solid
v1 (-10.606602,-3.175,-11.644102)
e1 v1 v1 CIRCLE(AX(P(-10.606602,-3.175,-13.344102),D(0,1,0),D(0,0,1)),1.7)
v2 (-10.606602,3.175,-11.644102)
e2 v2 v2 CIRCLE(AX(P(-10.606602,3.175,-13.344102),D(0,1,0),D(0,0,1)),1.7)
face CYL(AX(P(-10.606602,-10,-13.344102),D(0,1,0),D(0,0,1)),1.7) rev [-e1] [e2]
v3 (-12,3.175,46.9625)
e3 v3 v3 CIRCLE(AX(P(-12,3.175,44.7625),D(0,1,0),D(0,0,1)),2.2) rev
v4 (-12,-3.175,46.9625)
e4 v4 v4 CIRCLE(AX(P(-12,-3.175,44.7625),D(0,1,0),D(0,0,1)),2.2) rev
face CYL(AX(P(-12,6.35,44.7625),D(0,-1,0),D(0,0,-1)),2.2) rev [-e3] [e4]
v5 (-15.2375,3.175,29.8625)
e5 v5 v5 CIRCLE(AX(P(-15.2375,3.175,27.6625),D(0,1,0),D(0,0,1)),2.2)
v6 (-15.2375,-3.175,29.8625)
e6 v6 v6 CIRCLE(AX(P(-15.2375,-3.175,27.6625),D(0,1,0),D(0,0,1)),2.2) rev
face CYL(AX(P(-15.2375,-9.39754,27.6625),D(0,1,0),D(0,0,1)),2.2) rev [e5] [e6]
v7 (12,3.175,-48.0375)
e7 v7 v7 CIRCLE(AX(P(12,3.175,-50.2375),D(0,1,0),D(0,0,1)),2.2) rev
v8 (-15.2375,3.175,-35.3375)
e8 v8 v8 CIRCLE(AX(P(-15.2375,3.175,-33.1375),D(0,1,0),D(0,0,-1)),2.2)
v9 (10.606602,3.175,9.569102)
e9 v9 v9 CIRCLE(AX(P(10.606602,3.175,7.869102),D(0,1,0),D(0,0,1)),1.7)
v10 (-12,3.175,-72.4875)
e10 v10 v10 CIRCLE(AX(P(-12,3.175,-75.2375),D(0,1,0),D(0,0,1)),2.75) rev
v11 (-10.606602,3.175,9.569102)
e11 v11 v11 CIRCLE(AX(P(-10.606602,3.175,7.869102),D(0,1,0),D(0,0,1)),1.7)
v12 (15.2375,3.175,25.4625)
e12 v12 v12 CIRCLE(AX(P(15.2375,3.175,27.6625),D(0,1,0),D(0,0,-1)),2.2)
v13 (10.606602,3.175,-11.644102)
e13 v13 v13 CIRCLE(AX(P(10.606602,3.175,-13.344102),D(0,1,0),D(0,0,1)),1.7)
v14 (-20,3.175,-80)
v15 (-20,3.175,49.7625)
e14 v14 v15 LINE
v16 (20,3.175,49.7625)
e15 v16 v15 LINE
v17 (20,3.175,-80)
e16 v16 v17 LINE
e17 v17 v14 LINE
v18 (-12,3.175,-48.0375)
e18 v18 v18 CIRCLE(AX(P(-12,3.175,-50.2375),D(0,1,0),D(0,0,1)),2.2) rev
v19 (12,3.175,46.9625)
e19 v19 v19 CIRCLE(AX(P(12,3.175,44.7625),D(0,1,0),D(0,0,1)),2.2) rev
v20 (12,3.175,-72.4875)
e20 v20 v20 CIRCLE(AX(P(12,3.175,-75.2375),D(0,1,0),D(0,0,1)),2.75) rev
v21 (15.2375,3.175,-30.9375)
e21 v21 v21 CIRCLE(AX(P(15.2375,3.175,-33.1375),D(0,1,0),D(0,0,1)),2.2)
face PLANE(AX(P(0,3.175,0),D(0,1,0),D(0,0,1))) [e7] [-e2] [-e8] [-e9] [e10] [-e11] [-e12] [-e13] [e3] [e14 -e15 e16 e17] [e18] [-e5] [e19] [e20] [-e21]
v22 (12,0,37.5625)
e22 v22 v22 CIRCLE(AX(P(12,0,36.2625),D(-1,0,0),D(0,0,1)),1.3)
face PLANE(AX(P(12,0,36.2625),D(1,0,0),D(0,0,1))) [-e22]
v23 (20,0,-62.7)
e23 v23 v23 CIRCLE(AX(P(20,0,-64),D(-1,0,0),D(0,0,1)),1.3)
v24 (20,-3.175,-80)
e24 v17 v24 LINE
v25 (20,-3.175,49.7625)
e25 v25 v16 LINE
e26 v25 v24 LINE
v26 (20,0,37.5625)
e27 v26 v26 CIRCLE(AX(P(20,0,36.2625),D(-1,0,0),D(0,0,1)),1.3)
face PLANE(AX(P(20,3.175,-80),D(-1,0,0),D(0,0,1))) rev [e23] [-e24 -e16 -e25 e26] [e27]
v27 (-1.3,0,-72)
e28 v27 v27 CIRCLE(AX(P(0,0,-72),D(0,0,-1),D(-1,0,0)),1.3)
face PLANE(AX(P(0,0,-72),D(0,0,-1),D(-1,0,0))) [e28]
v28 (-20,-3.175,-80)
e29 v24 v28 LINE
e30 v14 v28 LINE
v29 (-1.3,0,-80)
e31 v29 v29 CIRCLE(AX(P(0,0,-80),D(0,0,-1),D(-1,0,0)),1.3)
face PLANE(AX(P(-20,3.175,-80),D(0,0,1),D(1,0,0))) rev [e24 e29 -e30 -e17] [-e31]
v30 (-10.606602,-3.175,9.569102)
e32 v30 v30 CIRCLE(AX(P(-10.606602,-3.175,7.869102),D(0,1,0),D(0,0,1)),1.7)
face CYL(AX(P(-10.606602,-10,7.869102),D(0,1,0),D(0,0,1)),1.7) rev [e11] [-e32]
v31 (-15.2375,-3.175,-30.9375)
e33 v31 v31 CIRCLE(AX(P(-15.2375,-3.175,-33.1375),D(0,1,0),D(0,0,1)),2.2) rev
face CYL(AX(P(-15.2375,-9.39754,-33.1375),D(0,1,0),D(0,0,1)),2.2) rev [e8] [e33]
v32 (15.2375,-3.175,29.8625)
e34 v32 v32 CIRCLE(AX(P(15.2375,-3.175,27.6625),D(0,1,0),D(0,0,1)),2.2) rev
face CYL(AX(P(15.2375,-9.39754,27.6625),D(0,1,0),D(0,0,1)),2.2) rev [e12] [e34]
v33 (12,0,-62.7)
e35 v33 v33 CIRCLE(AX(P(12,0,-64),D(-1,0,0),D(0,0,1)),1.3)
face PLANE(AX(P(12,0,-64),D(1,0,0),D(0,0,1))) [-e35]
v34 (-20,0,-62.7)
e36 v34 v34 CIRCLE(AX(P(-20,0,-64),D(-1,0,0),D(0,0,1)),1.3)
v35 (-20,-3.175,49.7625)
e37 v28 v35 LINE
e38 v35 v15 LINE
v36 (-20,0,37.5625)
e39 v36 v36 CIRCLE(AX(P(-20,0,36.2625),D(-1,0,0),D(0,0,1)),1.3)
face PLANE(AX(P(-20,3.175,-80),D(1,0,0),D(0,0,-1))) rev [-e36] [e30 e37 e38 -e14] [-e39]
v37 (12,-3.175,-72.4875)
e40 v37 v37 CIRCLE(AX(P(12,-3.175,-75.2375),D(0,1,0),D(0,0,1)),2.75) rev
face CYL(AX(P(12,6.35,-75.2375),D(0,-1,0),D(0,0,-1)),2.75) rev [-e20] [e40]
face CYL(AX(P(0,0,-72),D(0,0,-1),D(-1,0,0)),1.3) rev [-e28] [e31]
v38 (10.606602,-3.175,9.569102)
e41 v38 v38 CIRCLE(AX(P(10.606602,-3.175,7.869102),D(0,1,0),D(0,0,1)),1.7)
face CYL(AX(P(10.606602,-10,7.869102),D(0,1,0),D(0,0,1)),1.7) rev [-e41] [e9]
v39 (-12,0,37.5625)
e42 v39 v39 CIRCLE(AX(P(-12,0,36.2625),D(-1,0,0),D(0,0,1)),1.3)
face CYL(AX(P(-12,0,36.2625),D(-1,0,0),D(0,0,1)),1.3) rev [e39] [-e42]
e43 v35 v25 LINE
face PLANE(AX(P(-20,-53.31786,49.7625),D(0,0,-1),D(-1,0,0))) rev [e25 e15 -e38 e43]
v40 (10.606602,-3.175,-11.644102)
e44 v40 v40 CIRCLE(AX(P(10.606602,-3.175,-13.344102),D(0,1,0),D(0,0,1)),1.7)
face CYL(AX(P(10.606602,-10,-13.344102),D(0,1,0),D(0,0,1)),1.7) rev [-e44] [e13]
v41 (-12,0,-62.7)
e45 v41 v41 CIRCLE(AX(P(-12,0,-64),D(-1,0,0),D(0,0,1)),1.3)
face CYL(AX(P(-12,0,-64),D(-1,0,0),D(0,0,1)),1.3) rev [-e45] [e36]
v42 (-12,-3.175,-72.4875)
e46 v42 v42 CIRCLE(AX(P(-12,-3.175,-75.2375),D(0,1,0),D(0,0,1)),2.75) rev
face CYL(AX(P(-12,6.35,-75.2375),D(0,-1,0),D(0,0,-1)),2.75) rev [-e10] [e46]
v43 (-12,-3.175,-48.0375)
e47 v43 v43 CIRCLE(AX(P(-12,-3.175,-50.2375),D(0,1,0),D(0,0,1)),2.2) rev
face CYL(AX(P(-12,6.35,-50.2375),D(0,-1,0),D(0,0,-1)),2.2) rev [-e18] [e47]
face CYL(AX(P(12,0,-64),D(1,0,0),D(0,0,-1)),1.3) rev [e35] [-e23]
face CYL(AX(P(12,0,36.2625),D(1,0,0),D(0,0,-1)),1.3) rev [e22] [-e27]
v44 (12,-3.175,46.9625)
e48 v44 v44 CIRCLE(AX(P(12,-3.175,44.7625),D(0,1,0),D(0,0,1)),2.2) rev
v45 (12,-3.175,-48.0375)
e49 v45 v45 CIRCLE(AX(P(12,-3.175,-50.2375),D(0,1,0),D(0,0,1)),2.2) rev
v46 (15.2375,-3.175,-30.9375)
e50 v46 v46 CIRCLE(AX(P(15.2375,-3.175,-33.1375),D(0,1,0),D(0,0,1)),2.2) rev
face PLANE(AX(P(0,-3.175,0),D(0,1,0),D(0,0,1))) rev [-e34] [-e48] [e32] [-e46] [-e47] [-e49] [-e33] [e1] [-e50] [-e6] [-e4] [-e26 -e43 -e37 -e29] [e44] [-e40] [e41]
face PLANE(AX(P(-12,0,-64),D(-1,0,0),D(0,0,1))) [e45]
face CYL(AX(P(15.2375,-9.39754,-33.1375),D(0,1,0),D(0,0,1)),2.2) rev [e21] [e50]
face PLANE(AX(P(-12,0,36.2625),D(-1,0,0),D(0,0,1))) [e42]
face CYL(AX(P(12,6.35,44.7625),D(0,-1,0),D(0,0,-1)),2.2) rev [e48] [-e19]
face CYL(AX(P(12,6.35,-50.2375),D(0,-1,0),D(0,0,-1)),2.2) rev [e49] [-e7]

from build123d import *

# Parameters (mm, degrees)
SKETCH1_W               = 40
SKETCH1_H               = 160
BOSS_EXTRUDE1_DEPTH     = 3.175
M4_5_THROUGH_DEPTH      = 6.35
M4_5_THROUGH_DEPTH_BACK = 3.175
SKETCH3_R               = 2.75
SKETCH3_R_2             = 2.2
SKETCH4_R               = 1.3
M3_DRILL_DEPTH          = 8
SKETCH5_R               = 2.2
M4_THROUGH_DEPTH        = 6.35
M4_DRILL_DEPTH          = 3.175
M4_DRILL_DEPTH_BACK     = 10
SKETCH6_R               = 1.7
SKETCH7_W               = 40
SKETCH7_H               = 30.2375
CUT_EXTRUDE2_DEPTH      = 6.35
SKETCH8_R               = 1.3
CUT_EXTRUDE3_DEPTH      = 8


with BuildPart() as part:
    # Sketch1 → Boss-Extrude1 (new, symmetric)
    with BuildSketch(Plane(origin=(0, 0, 0), x_dir=(1, 0, 0), z_dir=(0, 1, 0))):
        Rectangle(SKETCH1_W, SKETCH1_H)
    extrude(amount=BOSS_EXTRUDE1_DEPTH, both=True)

    # Sketch3 → M4/5_through (cut, two sides: drawn at the far end of the back side and taken through both)
    with BuildSketch(Plane(origin=(0, 0, 0), x_dir=(1, 0, 0), z_dir=(0, 1, 0)).offset(-M4_5_THROUGH_DEPTH_BACK)):
        with Locations(Location((12, 75.2375, 0), (0, 0, 270))):
            Circle(SKETCH3_R)
        with Locations(Location((12, 50.2375, 0), (0, 0, 270))):
            Circle(SKETCH3_R_2)
        with Locations(Location((-12, 50.2375, 0), (0, 0, 270))):
            Circle(SKETCH3_R_2)
        with Locations(Location((-12, 75.2375, 0), (0, 0, 270))):
            Circle(SKETCH3_R)
        with Locations(Location((-12, -44.7625, 0), (0, 0, 270))):
            Circle(SKETCH3_R_2)
        with Locations(Location((12, -44.7625, 0), (0, 0, 270))):
            Circle(SKETCH3_R_2)
    extrude(amount=M4_5_THROUGH_DEPTH + M4_5_THROUGH_DEPTH_BACK, mode=Mode.SUBTRACT)

    # Sketch4 → M3_DRILL (cut)
    with BuildSketch(Plane(origin=(0, 0, -80), x_dir=(-1, 0, 0), z_dir=(0, 0, -1))):
        Circle(SKETCH4_R)
    extrude(amount=-M3_DRILL_DEPTH, mode=Mode.SUBTRACT)

    # Sketch5 → M4_through (cut)
    with BuildSketch(Plane(origin=(0, 3.175, 0), x_dir=(1, 0, 0), z_dir=(0, 1, 0))):
        with Locations(Location((-15.2375, -27.6625, 0), (0, 0, 270))):
            Circle(SKETCH5_R)
        with Locations(Location((15.2375, -27.6625, 0), (0, 0, 270))):
            Circle(SKETCH5_R)
        with Locations(Location((15.2375, 33.1375, 0), (0, 0, 270))):
            Circle(SKETCH5_R)
        with Locations(Location((-15.2375, 33.1375, 0), (0, 0, 270))):
            Circle(SKETCH5_R)
    extrude(amount=-M4_THROUGH_DEPTH, mode=Mode.SUBTRACT)

    # Sketch6 → M4_Drill (cut, two sides: drawn at the far end of the back side and taken through both)
    with BuildSketch(Plane(origin=(0, 0, 0), x_dir=(1, 0, 0), z_dir=(0, 1, 0)).offset(-M4_DRILL_DEPTH_BACK)):
        with Locations(Location((-10.606601718, 13.344101718, 0), (0, 0, 270))):
            Circle(SKETCH6_R)
        with Locations(Location((10.606601718, 13.344101718, 0), (0, 0, 270))):
            Circle(SKETCH6_R)
        with Locations(Location((10.606601718, -7.869101718, 0), (0, 0, 270))):
            Circle(SKETCH6_R)
        with Locations(Location((-10.606601718, -7.869101718, 0), (0, 0, 270))):
            Circle(SKETCH6_R)
    extrude(amount=M4_DRILL_DEPTH + M4_DRILL_DEPTH_BACK, mode=Mode.SUBTRACT)

    # Sketch7 → Cut-Extrude2 (cut)
    with BuildSketch(Plane(origin=(0, 3.175, 0), x_dir=(1, 0, 0), z_dir=(0, 1, 0))):
        with Locations((0, -64.88125)):
            Rectangle(SKETCH7_W, SKETCH7_H)
    extrude(amount=-CUT_EXTRUDE2_DEPTH, mode=Mode.SUBTRACT)

    # Sketch8 → Cut-Extrude3 (cut)
    with BuildSketch(Plane.ZY.offset(20)):
        with Locations((36.2625, 0)):
            Circle(SKETCH8_R)
        with Locations((-64, 0)):
            Circle(SKETCH8_R)
    cut_extrude3 = extrude(amount=-CUT_EXTRUDE3_DEPTH, mode=Mode.SUBTRACT)

    # Mirror1: Cut-Extrude3 across plane
    add(cut_extrude3.mirror(Plane(origin=(0, 0, 0), x_dir=(0, 0, 1), z_dir=(1, 0, 0))), mode=Mode.SUBTRACT)


solid = part.part
